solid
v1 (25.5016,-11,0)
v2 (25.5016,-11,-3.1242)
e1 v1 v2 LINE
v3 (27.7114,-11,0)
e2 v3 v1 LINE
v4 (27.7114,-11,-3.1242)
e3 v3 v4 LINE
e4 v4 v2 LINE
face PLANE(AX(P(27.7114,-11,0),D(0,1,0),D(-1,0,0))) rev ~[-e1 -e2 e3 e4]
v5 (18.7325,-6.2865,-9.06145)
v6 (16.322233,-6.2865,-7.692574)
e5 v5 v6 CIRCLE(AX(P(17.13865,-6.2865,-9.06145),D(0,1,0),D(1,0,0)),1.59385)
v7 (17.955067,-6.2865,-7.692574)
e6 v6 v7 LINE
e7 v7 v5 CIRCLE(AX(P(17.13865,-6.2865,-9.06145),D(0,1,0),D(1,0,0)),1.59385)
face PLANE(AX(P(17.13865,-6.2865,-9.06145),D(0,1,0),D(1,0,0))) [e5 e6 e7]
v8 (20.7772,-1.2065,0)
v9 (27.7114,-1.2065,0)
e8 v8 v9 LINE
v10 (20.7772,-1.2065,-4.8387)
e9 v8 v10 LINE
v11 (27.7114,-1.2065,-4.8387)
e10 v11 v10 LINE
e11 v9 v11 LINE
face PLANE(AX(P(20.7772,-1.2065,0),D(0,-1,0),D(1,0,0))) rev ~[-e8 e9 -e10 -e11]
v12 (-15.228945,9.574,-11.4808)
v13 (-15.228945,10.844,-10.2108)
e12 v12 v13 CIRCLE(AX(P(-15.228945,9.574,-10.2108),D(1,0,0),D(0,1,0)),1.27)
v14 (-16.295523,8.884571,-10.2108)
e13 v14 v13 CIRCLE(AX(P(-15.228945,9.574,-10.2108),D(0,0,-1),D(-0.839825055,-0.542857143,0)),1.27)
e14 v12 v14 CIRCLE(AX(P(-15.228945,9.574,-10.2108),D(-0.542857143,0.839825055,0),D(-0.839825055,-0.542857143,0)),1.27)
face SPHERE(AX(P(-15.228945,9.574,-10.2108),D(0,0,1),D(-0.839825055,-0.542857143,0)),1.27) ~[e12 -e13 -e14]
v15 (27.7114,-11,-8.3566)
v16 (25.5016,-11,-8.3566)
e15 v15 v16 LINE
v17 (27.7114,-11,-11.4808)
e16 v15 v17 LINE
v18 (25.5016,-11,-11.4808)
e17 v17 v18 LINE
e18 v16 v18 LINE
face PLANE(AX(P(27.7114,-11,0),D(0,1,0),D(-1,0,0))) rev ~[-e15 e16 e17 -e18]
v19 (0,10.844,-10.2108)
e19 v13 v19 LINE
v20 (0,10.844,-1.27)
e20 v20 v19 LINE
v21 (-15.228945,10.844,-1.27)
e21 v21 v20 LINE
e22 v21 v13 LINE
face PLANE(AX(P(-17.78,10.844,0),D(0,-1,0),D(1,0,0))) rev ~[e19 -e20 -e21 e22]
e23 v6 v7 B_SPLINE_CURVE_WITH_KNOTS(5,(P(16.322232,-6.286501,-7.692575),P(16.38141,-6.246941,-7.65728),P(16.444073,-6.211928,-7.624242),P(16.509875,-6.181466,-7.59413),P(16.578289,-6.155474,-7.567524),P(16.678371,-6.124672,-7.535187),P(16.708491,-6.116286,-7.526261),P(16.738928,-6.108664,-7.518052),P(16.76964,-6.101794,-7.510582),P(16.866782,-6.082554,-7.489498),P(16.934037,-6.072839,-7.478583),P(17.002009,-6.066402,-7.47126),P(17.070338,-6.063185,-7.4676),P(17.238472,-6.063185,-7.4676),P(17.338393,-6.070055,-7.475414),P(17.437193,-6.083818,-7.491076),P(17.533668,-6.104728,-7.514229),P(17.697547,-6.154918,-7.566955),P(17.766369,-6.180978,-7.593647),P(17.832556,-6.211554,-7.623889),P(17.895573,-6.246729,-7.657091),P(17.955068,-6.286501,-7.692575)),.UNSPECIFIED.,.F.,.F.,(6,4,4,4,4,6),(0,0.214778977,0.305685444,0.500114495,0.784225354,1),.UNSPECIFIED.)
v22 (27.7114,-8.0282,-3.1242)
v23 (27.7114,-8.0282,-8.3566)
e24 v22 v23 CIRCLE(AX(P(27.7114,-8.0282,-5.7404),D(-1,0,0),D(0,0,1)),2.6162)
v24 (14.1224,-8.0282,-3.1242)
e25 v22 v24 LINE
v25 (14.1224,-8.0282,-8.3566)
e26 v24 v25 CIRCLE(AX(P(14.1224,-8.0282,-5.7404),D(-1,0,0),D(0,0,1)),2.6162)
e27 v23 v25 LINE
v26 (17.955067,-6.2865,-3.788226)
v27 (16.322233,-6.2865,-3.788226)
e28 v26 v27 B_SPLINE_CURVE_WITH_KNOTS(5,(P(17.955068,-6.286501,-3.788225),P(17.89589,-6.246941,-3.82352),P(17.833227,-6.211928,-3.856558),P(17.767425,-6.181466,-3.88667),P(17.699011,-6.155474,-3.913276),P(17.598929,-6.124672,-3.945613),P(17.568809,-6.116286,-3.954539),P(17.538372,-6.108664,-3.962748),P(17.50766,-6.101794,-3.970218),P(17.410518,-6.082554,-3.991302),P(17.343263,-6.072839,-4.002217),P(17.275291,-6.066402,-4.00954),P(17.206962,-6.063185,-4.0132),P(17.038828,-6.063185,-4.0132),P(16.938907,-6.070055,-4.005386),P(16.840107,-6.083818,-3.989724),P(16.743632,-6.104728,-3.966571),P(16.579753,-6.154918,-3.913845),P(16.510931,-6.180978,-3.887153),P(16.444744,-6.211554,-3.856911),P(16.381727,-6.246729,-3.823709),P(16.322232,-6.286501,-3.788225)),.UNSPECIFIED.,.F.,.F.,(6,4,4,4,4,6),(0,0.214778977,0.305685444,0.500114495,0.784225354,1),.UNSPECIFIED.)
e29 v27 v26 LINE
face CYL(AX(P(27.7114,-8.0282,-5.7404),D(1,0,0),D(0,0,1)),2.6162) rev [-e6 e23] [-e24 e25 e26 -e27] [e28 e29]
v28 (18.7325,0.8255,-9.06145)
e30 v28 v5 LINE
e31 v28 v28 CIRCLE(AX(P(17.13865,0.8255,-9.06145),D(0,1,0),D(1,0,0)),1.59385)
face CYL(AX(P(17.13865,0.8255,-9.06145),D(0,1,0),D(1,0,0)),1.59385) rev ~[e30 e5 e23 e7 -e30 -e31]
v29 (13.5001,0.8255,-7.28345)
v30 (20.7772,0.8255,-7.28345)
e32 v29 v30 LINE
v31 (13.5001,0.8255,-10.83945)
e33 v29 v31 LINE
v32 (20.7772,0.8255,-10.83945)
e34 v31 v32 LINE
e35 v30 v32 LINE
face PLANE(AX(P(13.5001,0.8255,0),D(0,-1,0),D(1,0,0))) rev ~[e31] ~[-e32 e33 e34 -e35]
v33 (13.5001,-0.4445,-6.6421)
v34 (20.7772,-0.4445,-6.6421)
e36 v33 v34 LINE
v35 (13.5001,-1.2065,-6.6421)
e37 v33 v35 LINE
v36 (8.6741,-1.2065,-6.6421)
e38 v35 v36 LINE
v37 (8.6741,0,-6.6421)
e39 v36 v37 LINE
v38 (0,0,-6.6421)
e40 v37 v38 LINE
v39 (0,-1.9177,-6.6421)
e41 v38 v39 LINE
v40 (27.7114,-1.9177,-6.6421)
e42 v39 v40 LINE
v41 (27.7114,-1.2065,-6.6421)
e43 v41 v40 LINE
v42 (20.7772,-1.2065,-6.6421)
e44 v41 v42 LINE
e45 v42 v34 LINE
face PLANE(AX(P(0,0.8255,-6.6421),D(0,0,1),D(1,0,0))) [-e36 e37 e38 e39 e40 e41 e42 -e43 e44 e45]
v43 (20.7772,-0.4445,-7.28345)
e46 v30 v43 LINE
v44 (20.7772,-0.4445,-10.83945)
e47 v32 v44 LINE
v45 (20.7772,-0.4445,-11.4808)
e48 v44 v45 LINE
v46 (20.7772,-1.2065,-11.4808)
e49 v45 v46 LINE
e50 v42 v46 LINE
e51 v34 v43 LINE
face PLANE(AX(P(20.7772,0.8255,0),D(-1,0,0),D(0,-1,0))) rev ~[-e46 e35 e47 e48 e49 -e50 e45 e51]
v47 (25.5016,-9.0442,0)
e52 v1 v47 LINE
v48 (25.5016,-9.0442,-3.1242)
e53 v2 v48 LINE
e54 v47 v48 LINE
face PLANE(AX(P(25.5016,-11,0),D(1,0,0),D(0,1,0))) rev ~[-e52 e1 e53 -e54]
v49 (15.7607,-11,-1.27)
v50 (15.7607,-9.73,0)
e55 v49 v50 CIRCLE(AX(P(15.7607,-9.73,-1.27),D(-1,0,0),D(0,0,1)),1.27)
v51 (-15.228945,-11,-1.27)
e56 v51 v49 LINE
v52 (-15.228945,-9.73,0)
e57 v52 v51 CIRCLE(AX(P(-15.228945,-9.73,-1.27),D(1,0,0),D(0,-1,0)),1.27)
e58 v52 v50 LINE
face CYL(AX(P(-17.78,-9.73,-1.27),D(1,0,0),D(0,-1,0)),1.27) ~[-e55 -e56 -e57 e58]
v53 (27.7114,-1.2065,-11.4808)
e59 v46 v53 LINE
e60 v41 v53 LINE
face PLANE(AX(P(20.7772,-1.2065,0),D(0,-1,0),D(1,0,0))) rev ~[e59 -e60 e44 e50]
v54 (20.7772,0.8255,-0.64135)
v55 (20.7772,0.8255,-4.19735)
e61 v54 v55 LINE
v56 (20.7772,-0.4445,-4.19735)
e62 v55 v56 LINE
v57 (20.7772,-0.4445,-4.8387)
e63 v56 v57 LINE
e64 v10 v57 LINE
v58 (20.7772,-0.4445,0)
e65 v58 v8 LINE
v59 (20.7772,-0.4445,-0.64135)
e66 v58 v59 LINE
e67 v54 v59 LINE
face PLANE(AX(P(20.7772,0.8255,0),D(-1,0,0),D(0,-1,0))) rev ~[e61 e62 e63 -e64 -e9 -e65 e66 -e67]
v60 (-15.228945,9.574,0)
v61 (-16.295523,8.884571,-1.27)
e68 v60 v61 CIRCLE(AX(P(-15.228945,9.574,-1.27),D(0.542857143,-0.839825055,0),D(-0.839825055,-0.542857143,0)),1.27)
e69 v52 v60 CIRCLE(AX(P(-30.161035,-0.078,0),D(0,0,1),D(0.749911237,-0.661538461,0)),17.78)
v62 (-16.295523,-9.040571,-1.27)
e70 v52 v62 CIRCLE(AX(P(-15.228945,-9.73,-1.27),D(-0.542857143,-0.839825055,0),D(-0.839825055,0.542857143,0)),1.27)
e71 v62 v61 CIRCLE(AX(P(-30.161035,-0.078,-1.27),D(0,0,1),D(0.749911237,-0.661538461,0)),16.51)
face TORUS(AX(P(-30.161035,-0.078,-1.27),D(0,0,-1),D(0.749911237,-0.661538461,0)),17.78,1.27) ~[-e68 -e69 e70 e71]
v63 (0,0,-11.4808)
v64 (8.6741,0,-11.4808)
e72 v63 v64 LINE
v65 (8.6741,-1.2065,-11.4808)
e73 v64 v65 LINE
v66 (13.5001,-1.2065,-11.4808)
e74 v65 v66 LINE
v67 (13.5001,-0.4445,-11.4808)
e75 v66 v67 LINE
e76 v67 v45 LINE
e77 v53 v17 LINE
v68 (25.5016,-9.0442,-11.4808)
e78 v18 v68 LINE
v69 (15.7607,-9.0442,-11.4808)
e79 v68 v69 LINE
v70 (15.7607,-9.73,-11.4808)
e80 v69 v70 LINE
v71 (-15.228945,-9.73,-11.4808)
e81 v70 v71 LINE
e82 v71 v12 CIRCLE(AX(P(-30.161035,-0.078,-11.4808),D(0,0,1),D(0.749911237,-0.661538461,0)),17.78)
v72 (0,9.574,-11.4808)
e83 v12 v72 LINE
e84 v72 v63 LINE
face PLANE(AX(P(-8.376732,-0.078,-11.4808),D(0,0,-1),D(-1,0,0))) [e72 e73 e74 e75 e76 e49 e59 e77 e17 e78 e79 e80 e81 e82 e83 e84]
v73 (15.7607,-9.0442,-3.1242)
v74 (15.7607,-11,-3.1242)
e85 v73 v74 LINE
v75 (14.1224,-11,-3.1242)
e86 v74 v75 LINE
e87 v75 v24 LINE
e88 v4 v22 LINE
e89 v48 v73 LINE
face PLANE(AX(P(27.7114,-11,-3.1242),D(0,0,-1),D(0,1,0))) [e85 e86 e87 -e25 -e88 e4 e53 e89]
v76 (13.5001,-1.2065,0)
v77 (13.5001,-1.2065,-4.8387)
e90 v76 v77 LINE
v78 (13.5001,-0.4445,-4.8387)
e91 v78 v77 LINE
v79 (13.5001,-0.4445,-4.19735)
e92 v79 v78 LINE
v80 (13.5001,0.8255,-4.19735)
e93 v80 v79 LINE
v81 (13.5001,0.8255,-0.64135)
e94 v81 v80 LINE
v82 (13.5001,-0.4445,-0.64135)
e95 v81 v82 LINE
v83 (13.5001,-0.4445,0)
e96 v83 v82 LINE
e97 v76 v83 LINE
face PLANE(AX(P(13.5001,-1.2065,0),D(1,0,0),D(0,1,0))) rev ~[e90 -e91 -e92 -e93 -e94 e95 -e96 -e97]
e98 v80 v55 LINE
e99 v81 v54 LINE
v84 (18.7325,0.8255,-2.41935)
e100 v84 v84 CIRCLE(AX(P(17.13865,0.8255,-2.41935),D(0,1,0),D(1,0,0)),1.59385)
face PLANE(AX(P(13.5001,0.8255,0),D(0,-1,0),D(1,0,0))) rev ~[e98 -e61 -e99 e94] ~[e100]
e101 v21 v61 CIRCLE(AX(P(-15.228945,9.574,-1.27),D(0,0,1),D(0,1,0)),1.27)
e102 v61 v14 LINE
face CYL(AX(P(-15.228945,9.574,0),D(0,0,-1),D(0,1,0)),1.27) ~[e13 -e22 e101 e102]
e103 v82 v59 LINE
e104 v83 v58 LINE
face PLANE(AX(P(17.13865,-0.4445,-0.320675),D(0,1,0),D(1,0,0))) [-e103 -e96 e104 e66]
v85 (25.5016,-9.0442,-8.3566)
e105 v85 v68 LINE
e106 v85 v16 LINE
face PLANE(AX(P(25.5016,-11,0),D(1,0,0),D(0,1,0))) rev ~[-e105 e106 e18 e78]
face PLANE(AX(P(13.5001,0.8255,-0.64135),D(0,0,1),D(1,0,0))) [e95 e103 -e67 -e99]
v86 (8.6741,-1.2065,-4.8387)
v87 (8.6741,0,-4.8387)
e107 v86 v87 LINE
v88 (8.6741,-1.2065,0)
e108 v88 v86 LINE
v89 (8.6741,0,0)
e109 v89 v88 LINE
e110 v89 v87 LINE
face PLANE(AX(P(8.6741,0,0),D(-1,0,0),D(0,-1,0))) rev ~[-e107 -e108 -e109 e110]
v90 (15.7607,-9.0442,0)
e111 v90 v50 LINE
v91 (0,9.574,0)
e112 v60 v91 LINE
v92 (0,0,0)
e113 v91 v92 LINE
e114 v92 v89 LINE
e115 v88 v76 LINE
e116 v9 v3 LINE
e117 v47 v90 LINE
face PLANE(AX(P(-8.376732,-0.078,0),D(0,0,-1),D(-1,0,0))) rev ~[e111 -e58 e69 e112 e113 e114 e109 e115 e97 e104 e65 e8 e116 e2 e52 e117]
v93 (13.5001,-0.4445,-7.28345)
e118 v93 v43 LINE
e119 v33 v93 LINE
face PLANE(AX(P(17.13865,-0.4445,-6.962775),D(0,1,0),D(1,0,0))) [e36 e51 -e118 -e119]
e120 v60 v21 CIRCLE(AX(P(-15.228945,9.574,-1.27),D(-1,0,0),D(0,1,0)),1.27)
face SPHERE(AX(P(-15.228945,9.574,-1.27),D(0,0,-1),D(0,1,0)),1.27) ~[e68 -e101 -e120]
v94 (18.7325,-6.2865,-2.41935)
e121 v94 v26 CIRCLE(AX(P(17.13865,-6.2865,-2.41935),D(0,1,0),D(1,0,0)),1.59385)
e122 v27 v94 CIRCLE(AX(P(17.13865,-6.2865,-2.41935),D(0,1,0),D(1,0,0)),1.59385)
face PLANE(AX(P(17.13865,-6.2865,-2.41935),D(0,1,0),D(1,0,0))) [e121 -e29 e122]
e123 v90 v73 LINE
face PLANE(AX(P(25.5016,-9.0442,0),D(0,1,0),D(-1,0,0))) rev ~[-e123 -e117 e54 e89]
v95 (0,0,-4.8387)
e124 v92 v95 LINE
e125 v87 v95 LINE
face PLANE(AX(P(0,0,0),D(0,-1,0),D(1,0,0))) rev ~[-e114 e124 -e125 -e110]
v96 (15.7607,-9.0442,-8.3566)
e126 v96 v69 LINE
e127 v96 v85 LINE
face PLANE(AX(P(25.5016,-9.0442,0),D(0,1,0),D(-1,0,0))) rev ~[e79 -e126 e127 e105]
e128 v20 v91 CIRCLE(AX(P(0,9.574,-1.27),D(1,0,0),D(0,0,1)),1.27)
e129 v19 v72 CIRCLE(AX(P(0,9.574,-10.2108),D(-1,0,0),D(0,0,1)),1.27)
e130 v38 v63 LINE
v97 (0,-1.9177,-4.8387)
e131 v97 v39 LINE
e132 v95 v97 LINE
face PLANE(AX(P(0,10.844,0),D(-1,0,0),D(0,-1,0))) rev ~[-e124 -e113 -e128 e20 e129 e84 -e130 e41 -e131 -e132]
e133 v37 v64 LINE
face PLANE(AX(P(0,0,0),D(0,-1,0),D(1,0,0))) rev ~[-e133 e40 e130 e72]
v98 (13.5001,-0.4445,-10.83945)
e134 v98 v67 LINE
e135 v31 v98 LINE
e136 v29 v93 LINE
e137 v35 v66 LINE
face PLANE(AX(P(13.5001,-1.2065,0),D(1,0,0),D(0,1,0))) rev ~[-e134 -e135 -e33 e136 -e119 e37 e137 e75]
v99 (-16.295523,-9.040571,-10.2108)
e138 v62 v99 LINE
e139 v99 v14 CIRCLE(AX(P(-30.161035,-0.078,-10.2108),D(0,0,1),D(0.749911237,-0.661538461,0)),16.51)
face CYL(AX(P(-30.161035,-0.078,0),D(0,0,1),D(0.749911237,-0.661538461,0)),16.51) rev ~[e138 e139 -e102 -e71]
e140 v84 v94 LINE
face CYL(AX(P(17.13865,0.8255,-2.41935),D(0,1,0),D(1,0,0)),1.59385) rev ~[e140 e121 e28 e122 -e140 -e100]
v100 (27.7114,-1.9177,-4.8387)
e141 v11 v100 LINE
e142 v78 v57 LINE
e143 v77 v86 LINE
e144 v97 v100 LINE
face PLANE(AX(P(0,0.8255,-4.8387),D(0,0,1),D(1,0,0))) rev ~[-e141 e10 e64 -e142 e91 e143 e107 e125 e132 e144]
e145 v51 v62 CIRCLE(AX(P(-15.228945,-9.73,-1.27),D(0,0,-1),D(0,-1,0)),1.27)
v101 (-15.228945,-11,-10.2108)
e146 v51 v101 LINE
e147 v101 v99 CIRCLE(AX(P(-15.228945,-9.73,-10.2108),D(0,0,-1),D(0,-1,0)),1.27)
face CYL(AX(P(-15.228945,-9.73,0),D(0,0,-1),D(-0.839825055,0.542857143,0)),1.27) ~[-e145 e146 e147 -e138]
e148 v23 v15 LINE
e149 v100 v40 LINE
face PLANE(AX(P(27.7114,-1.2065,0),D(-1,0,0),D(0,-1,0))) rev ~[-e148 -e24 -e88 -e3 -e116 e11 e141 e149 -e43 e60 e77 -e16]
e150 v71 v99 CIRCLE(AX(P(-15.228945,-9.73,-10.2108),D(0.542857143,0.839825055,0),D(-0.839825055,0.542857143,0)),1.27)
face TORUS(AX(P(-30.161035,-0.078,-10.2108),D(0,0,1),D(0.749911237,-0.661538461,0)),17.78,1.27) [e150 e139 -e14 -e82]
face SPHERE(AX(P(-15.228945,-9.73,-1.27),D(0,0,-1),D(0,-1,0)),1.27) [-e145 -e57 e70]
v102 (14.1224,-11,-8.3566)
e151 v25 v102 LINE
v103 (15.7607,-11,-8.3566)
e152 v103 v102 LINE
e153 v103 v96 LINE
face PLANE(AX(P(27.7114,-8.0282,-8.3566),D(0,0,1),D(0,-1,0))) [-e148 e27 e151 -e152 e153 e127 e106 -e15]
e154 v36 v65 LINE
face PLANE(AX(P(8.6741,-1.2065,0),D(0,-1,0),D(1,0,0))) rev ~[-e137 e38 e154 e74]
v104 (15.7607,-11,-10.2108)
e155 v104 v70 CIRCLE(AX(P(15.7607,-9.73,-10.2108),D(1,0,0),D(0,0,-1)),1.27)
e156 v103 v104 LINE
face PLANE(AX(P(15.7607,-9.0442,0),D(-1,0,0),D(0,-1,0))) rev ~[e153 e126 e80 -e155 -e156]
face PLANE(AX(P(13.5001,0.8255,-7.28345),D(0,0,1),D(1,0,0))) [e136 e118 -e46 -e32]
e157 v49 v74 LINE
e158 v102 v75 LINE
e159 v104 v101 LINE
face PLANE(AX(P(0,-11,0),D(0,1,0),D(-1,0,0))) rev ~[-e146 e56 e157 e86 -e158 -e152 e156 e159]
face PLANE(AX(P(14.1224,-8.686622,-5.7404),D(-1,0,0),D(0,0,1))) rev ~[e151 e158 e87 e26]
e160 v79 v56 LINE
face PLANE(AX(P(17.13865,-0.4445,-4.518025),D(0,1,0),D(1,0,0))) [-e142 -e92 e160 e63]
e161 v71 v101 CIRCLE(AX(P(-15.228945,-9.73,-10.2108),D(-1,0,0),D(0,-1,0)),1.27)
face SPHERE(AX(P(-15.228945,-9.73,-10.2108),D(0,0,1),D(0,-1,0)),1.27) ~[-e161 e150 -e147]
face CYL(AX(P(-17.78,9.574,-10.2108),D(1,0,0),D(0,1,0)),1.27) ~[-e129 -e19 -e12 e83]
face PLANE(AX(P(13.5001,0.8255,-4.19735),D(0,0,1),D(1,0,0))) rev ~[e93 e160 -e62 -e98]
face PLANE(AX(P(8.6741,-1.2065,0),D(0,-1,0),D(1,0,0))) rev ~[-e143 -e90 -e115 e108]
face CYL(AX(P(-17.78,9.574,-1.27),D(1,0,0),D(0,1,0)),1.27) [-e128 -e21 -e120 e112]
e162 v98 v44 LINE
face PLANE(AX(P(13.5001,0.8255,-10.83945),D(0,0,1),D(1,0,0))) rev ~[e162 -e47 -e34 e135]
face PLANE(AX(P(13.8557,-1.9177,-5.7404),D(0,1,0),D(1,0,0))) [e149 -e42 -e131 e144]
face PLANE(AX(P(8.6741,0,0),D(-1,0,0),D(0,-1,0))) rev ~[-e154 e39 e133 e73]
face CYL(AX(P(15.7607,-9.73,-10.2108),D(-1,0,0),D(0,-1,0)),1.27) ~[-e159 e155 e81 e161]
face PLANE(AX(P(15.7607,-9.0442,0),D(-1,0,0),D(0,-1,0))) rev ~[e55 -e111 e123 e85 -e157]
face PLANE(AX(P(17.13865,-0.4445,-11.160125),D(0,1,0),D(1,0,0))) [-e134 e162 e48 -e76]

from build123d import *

# Parameters (mm, degrees)
BOSS_EXTRUDE1_DEPTH = 11.4808
SKETCH2_W           = 27.7114
SKETCH2_H           = 1.8034
CUT_EXTRUDE1_DEPTH  = 2.7432
SKETCH3_R           = 1.59385
CUT_EXTRUDE2_DEPTH  = 7.112
BOSS_EXTRUDE2_DEPTH = 11.4808
FILLET1_R           = 1.27
SKETCH5_W           = 7.2771
SKETCH5_H           = 0.64135
CUT_EXTRUDE3_DEPTH  = 1.27
CUT_EXTRUDE4_DEPTH  = 13.589


with BuildPart() as part:
    # Sketch1 → Boss-Extrude1 (new body)
    with BuildSketch(Plane.XY):
        Polygon((0, 0), (8.6741, 0), (8.6741, -1.2065), (13.5001, -1.2065), (13.5001, 0.8255), (20.7772, 0.8255), (20.7772, -1.2065), (27.7114, -1.2065), (27.7114, -11), (25.5016, -11), (25.5016, -9.0442), (15.7607, -9.0442), (15.7607, -11), (0, -11), align=None)
    extrude(amount=-BOSS_EXTRUDE1_DEPTH)

    # Sketch2 → Cut-Extrude1 (cut)
    with BuildSketch(Plane(origin=(0, 0.8255, 0), x_dir=(1, 0, 0), z_dir=(0, 1, 0))):
        with Locations((13.8557, 5.7404)):
            Rectangle(SKETCH2_W, SKETCH2_H)
    extrude(amount=-CUT_EXTRUDE1_DEPTH, mode=Mode.SUBTRACT)

    # Sketch3 → Cut-Extrude2 (cut)
    with BuildSketch(Plane(origin=(0, 0.8255, 0), x_dir=(1, 0, 0), z_dir=(0, 1, 0))):
        with Locations((17.13865, 9.06145)):
            Circle(SKETCH3_R)
        with Locations((17.13865, 2.41935)):
            Circle(SKETCH3_R)
    extrude(amount=-CUT_EXTRUDE2_DEPTH, mode=Mode.SUBTRACT)

    # Sketch4 → Boss-Extrude2 (add)
    with BuildSketch(Plane.XY):
        with BuildLine():
            Line((0, 10.844), (0, -11))
            Line((0, -11), (-17.78, -11))
            ThreePointArc((-17.78, -11), (-13.651034529, -0.078), (-17.78, 10.844))
            Line((-17.78, 10.844), (0, 10.844))
        make_face()
    extrude(amount=-BOSS_EXTRUDE2_DEPTH)

    # Fillet1
    fillet1_edges = [part.edges().sort_by_distance(p)[0] for p in [
        (-1.00965, -11, 0),
        (-1.00965, -11, -11.4808),
        (-8.89, 10.844, 0),
        (-13.651034529, -0.078, 0),
        (-13.651034529, -0.078, -11.4808),
        (-17.78, -11, -5.7404),
        (-8.89, 10.844, -11.4808),
        (-17.78, 10.844, -5.7404),
    ]]
    fillet(fillet1_edges, radius=FILLET1_R)

    # Sketch5 → Cut-Extrude3 (cut)
    with BuildSketch(Plane(origin=(0, 0.8255, 0), x_dir=(1, 0, 0), z_dir=(0, 1, 0))):
        with Locations((17.13865, 6.962775)):
            Rectangle(SKETCH5_W, SKETCH5_H)
        with Locations((17.13865, 11.160125)):
            Rectangle(SKETCH5_W, SKETCH5_H)
        with Locations((17.13865, 0.320675)):
            Rectangle(SKETCH5_W, SKETCH5_H)
        with Locations((17.13865, 4.518025)):
            Rectangle(SKETCH5_W, SKETCH5_H)
    extrude(amount=-CUT_EXTRUDE3_DEPTH, mode=Mode.SUBTRACT)

    # Sketch6 → Cut-Extrude4 (cut)
    with BuildSketch(Plane(origin=(27.7114, 0, 0), x_dir=(0, 0, -1), z_dir=(1, 0, 0))):
        with BuildLine():
            Line((3.1242, -11), (3.1242, -8.0282))
            ThreePointArc((3.1242, -8.0282), (5.7404, -5.412), (8.3566, -8.0282))
            Line((8.3566, -8.0282), (8.3566, -11))
            Line((8.3566, -11), (3.1242, -11))
        make_face()
    extrude(amount=-CUT_EXTRUDE4_DEPTH, mode=Mode.SUBTRACT)


solid = part.part
